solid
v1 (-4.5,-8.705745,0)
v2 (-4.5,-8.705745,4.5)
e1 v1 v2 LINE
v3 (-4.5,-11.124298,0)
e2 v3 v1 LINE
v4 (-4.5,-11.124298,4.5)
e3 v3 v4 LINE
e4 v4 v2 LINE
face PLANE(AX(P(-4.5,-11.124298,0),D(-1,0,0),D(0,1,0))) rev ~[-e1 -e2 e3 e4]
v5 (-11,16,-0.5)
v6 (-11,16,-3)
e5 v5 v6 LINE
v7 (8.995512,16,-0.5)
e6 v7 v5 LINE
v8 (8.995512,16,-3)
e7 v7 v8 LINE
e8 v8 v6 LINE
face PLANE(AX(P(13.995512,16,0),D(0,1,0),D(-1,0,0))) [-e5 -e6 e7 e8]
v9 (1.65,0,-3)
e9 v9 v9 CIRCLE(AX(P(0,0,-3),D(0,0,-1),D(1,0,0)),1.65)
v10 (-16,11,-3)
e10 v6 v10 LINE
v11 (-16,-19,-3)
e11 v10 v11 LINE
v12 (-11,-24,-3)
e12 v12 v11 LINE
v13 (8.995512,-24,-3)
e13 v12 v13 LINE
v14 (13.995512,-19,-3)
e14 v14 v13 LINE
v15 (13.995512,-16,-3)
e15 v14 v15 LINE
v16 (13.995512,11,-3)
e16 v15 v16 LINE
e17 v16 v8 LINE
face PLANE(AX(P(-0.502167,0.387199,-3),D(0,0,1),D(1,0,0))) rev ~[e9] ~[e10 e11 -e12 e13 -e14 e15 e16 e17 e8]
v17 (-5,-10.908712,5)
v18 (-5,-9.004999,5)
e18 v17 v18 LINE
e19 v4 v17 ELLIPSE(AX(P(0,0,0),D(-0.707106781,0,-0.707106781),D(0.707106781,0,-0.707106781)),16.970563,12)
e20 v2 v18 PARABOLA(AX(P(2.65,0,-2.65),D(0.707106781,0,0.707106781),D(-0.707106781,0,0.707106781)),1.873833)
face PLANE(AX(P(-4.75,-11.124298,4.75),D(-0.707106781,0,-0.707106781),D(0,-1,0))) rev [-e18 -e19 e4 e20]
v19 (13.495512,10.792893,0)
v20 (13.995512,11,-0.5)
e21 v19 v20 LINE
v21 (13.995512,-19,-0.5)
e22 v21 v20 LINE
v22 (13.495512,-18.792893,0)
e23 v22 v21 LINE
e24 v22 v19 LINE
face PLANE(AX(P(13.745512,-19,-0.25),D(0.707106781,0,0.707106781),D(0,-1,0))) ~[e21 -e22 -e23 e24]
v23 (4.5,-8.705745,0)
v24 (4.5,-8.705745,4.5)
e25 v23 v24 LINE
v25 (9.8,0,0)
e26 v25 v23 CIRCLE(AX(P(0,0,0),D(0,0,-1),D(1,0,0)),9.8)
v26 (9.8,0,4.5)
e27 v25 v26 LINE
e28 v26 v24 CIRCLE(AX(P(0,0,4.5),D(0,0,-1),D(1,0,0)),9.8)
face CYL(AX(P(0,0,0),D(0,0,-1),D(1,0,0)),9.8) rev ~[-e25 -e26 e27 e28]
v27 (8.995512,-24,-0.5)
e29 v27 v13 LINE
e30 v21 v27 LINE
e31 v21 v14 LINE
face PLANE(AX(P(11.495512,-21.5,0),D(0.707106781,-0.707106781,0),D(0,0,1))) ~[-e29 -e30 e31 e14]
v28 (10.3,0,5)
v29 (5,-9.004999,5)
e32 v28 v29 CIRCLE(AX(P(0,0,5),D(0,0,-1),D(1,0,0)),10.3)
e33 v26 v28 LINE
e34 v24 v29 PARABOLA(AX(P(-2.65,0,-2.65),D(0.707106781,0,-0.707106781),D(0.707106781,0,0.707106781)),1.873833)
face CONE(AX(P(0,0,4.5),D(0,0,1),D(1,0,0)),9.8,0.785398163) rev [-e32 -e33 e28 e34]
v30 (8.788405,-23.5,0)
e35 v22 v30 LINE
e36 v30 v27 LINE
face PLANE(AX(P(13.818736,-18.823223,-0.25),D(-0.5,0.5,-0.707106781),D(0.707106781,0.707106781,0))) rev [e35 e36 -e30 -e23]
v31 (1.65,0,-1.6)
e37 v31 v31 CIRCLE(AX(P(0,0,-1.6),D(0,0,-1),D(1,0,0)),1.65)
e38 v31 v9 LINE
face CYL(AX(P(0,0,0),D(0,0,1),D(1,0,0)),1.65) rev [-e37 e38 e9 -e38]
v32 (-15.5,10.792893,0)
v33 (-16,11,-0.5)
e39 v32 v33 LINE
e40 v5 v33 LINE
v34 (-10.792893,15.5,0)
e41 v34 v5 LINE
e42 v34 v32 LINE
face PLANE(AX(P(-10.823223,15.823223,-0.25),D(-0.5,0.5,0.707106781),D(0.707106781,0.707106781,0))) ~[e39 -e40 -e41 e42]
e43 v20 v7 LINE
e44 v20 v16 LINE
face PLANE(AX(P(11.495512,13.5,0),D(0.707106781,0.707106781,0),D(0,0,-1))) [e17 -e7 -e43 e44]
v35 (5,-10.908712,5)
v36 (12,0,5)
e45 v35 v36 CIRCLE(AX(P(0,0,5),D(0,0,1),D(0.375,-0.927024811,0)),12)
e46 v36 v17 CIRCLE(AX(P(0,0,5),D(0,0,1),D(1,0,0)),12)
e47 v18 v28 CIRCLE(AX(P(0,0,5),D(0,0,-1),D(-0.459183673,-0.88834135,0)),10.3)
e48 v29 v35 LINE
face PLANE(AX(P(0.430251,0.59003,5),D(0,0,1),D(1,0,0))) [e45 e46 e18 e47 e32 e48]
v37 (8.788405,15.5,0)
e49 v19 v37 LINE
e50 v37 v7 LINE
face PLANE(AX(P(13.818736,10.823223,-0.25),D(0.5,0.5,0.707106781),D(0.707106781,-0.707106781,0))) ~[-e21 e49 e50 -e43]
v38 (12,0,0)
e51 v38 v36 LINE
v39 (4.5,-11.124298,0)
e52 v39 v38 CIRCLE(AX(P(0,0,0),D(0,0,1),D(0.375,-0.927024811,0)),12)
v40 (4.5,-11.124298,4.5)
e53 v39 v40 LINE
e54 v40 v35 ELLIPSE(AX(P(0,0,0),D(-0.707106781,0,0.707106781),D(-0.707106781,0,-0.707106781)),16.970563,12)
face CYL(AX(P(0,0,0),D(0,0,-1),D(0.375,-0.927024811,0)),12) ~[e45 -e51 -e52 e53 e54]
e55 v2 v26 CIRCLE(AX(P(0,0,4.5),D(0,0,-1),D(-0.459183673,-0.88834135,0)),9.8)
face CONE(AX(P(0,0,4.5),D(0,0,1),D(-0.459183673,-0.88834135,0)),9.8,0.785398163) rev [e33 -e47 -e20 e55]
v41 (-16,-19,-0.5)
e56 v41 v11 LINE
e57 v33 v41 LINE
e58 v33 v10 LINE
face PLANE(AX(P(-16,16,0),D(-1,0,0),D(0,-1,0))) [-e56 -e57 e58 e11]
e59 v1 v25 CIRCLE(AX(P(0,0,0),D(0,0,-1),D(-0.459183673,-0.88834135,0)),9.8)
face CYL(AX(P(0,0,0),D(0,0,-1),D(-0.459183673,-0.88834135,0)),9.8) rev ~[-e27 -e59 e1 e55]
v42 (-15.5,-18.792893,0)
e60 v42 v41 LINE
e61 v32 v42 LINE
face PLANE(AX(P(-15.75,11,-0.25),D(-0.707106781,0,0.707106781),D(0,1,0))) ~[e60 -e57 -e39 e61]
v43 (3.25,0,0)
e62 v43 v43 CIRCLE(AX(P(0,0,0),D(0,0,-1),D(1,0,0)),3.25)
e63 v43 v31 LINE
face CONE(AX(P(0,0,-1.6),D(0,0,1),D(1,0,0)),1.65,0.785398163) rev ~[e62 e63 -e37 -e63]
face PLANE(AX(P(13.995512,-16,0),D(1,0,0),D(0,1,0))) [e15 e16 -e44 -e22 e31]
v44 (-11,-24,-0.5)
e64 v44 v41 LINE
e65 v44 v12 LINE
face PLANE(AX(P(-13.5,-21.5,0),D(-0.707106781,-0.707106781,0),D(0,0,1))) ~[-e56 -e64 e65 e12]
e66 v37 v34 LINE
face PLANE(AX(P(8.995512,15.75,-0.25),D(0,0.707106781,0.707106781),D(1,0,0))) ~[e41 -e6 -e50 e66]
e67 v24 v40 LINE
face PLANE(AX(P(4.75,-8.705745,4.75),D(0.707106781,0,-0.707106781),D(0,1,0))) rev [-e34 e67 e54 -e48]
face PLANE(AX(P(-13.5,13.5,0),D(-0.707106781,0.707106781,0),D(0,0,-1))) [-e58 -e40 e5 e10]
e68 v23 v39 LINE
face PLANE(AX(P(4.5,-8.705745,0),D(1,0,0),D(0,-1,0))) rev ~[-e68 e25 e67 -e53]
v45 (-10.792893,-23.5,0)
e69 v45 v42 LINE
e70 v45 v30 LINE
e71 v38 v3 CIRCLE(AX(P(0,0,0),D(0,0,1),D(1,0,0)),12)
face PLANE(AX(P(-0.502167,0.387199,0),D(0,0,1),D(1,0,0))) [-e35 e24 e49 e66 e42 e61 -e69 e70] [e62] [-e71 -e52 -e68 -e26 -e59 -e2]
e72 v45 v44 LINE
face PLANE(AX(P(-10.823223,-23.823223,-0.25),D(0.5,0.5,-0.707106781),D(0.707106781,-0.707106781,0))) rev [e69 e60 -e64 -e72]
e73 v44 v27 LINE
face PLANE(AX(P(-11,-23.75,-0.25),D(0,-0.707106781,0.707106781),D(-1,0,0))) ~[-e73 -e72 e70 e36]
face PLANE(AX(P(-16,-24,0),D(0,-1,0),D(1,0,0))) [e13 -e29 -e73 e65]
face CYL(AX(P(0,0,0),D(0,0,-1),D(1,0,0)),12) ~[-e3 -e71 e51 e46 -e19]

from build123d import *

# Parameters (mm, degrees)
F0_W     = 11.5
F0_H     = 8
F0_W_2   = 9
F0_W_3   = 9.4955122173
F1_DEPTH = 3
F2_DEPTH = 5
F3_SIZE  = 1.6
F4_SIZE  = 5
F5_SIZE  = 0.5


with BuildPart() as f1:
    # F0 (on Top) → F1 (new body)
    with BuildSketch(Plane.XY):
        with BuildLine():
            Line((-4.5, -16), (-4.5, -11.1242977306))
            ThreePointArc((-4.5, -11.1242977306), (-6.7082039325, 9.9498743711), (12, 0))
            ThreePointArc((12, 0), (9.9498743711, -6.7082039325), (4.5, -11.1242977306))
            Line((4.5, -11.1242977306), (4.5, -16))
            Line((4.5, -16), (13.9955122173, -16))
            Line((13.9955122173, -16), (13.9955122173, 16))
            Line((13.9955122173, 16), (-16, 16))
            Line((-16, 16), (-16, -16))
            Line((-16, -16), (-4.5, -16))
        make_face()
        with BuildLine():
            ThreePointArc((-4.5, -8.7057452294), (-5.0960769225, 8.3707825202), (9.8, 0))
            ThreePointArc((9.8, 0), (8.3707825202, -5.0960769225), (4.5, -8.7057452294))
            Line((4.5, -8.7057452294), (4.5, -11.1242977306))
            ThreePointArc((4.5, -11.1242977306), (9.9498743711, -6.7082039325), (12, 0))
            ThreePointArc((12, 0), (-6.7082039325, 9.9498743711), (-4.5, -11.1242977306))
            Line((-4.5, -11.1242977306), (-4.5, -8.7057452294))
        make_face()
        with BuildLine():
            ThreePointArc((4.5, -8.7057452294), (8.3707825202, -5.0960769225), (9.8, 0))
            ThreePointArc((9.8, 0), (-5.0960769225, 8.3707825202), (-4.5, -8.7057452294))
            Line((-4.5, -8.7057452294), (-4.5, 0))
            Line((-4.5, 0), (-1.65, 0))
            ThreePointArc((-1.65, 0), (0, 1.65), (1.65, 0))
            Line((1.65, 0), (4.5, 0))
            Line((4.5, 0), (4.5, -8.7057452294))
        make_face()
        with BuildLine():
            Line((-4.5, 0), (-4.5, -8.7057452294))
            ThreePointArc((-4.5, -8.7057452294), (0, -9.8), (4.5, -8.7057452294))
            Line((4.5, -8.7057452294), (4.5, 0))
            Line((4.5, 0), (1.65, 0))
            ThreePointArc((1.65, 0), (0, -1.65), (-1.65, 0))
            Line((-1.65, 0), (-4.5, 0))
        make_face()
        with BuildLine():
            ThreePointArc((4.5, -8.7057452294), (0, -9.8), (-4.5, -8.7057452294))
            Line((-4.5, -8.7057452294), (-4.5, -11.1242977306))
            ThreePointArc((-4.5, -11.1242977306), (0, -12), (4.5, -11.1242977306))
            Line((4.5, -11.1242977306), (4.5, -8.7057452294))
        make_face()
        with BuildLine():
            ThreePointArc((4.5, -11.1242977306), (0, -12), (-4.5, -11.1242977306))
            Line((-4.5, -11.1242977306), (-4.5, -16))
            Line((-4.5, -16), (4.5, -16))
            Line((4.5, -16), (4.5, -11.1242977306))
        make_face()
        with Locations((-10.25, -20)):
            Rectangle(F0_W, F0_H)
        with Locations((0, -20)):
            Rectangle(F0_W_2, F0_H)
        with Locations((9.2477561086, -20)):
            Rectangle(F0_W_3, F0_H)
    extrude(amount=-F1_DEPTH)

    # F0 (on Top) → F2 (join)
    with BuildSketch(Plane.XY):
        with BuildLine():
            ThreePointArc((-4.5, -8.7057452294), (-5.0960769225, 8.3707825202), (9.8, 0))
            ThreePointArc((9.8, 0), (8.3707825202, -5.0960769225), (4.5, -8.7057452294))
            Line((4.5, -8.7057452294), (4.5, -11.1242977306))
            ThreePointArc((4.5, -11.1242977306), (9.9498743711, -6.7082039325), (12, 0))
            ThreePointArc((12, 0), (-6.7082039325, 9.9498743711), (-4.5, -11.1242977306))
            Line((-4.5, -11.1242977306), (-4.5, -8.7057452294))
        make_face()
    extrude(amount=F2_DEPTH)

    # F3
    f3_edges = [f1.edges().sort_by_distance(p)[0] for p in [
        (-1.65, 0, 0),
    ]]
    chamfer(f3_edges, length=F3_SIZE)

    # F4
    f4_edges = [f1.edges().sort_by_distance(p)[0] for p in [
        (-16, -24, -1.5),
        (13.995512, -24, -1.5),
        (-16, 16, -1.5),
        (13.995512, 16, -1.5),
    ]]
    chamfer(f4_edges, length=F4_SIZE)

    # F5
    f5_edges = [f1.edges().sort_by_distance(p)[0] for p in [
        (-5.096077, 8.370783, 5),
        (-1.002244, -24, 0),
        (11.495512, -21.5, 0),
        (13.995512, -4, 0),
        (-13.5, -21.5, 0),
        (-16, -4, 0),
        (-13.5, 13.5, 0),
        (-1.002244, 16, 0),
        (11.495512, 13.5, 0),
        (-4.5, -9.915021, 5),
        (4.5, -9.915021, 5),
    ]]
    chamfer(f5_edges, length=F5_SIZE)


solid = f1.part
